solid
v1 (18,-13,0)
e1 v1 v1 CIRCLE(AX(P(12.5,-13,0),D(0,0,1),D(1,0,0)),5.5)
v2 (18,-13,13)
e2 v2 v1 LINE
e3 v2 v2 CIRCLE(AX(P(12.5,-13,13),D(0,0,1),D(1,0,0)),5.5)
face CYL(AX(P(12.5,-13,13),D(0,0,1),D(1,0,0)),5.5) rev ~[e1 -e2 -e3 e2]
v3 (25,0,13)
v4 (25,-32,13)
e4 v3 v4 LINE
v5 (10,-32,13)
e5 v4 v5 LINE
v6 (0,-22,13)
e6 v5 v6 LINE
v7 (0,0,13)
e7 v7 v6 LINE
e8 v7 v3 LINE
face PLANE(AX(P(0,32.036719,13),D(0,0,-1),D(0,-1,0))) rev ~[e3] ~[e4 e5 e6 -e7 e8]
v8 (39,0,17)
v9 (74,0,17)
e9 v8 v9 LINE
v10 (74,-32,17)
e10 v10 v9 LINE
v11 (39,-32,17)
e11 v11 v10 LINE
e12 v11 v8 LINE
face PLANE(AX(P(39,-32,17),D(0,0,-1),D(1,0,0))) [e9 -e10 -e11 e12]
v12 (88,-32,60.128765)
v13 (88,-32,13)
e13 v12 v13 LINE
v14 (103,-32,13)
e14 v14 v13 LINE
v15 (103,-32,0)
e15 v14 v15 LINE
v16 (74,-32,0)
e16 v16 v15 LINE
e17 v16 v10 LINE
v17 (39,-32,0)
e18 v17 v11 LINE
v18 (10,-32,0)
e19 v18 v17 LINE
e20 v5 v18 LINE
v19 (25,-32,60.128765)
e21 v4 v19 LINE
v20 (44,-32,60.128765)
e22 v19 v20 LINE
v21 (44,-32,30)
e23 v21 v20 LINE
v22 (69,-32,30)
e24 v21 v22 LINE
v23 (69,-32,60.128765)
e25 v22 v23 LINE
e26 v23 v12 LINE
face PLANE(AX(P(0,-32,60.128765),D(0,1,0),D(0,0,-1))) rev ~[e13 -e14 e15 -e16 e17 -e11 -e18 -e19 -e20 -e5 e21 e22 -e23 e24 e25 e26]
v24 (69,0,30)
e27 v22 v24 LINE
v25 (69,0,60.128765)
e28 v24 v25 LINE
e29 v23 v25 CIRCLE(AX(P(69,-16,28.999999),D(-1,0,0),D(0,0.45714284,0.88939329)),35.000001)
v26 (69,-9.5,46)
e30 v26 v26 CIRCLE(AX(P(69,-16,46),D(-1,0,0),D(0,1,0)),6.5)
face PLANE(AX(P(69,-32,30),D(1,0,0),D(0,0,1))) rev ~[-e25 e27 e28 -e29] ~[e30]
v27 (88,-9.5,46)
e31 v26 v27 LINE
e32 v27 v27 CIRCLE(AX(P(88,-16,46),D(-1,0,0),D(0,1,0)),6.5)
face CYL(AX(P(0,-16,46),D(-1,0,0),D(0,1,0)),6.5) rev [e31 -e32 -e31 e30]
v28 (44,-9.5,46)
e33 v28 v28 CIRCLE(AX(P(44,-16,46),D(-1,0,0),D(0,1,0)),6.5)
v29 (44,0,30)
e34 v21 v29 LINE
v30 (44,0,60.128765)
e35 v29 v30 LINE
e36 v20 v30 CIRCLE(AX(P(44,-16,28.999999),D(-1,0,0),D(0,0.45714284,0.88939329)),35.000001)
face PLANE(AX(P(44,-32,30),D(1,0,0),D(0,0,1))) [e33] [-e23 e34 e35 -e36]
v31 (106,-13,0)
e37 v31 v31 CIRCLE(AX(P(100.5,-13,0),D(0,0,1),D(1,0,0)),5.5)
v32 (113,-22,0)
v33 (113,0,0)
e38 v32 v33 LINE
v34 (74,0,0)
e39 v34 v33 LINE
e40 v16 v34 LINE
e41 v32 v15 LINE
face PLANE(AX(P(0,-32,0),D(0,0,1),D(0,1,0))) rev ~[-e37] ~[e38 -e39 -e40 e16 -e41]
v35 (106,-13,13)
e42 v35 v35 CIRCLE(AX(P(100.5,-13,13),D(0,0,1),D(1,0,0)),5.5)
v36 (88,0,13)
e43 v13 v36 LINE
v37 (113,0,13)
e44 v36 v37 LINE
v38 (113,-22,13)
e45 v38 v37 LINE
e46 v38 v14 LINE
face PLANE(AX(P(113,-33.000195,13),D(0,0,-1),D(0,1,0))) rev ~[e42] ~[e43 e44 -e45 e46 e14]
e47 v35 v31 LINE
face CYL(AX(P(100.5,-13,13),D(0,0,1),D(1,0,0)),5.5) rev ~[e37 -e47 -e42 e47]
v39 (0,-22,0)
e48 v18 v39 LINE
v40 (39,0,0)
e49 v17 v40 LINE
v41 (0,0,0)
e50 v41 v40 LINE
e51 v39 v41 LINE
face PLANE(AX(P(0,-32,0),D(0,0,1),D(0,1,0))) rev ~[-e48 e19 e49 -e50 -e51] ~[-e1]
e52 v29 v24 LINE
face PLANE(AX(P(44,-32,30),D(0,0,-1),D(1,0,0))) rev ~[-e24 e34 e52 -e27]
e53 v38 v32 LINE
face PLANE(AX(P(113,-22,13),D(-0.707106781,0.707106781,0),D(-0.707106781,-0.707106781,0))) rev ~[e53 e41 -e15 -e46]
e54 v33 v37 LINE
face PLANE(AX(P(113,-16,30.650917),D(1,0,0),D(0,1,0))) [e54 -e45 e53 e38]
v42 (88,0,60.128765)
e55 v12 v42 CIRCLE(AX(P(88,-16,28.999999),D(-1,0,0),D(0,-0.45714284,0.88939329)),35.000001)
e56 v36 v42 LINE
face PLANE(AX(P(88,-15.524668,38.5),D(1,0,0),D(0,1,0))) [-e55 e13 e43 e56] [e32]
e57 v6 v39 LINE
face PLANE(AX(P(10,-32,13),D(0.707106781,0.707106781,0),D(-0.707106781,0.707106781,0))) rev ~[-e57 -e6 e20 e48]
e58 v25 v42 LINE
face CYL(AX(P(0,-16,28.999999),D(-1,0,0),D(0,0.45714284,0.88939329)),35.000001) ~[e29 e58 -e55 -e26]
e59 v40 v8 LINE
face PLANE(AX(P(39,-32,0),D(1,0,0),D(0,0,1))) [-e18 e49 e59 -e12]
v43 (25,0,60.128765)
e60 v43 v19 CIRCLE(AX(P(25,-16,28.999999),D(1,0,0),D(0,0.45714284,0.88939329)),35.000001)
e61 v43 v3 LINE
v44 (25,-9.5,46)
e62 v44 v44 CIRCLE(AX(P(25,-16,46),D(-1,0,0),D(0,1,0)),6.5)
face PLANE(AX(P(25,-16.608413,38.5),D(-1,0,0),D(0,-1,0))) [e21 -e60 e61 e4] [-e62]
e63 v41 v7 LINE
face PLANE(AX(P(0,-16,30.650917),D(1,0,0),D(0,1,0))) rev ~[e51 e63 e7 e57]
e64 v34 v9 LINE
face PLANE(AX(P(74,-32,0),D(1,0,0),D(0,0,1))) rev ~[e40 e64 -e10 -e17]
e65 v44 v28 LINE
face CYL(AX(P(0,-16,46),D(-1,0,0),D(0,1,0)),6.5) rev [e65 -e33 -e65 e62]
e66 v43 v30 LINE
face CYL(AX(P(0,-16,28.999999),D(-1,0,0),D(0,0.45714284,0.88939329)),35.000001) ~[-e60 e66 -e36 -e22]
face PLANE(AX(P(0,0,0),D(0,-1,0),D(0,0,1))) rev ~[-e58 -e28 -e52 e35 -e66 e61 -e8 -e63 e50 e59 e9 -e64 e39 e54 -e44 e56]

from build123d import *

# Parameters (mm, degrees)
F0_R      = 6.5
F1_DEPTH  = 113
F2_W      = 34.951055
F2_H      = 51
F3_DEPTH  = 25
F4_W      = 97.290264
F4_H      = 51
F5_DEPTH  = 25
F7_R      = 5.5
F8_DEPTH  = 25
F6_W      = 35
F6_H      = 17
F6_W_2    = 25
F6_H_2    = 34.3365
F9_DEPTH  = 32.001
F11_DEPTH = 25
F13_DEPTH = 25


with BuildPart() as f1:
    # F0 (on Right) → F1 (new body)
    with BuildSketch(Plane.YZ):
        with BuildLine():
            ThreePointArc((0, 60.128765), (-16, 64), (-32, 60.128765))
            Line((-32, 60.128765), (-32, 0))
            Line((-32, 0), (0, 0))
            Line((0, 0), (0, 60.128765))
        make_face()
        with Locations((-16, 46)):
            Circle(F0_R, mode=Mode.SUBTRACT)
    extrude(amount=F1_DEPTH)

    # F2 (on face) → F3 (cut)
    with BuildSketch(Plane.YZ.offset(113)):
        with Locations((-15.524668, 38.5)):
            Rectangle(F2_W, F2_H)
    extrude(amount=-F3_DEPTH, mode=Mode.SUBTRACT)

    # F4 (on face) → F5 (cut)
    with BuildSketch(Plane(origin=(0, 0, 0), x_dir=(0, -1, 0), z_dir=(-1, 0, 0))):
        with Locations((16.608413, 38.5)):
            Rectangle(F4_W, F4_H)
    extrude(amount=-F5_DEPTH, mode=Mode.SUBTRACT)

    # F7 (on face) → F8 (cut)
    with BuildSketch(Plane.XY.offset(13)):
        with Locations((100.5, -13)):
            Circle(F7_R)
        with Locations((12.5, -13)):
            Circle(F7_R)
    extrude(amount=-F8_DEPTH, mode=Mode.SUBTRACT)

    # F6 (on face) → F9 (cut, through all)
    with BuildSketch(Plane.XZ.offset(32)):
        with Locations((56.5, 8.5)):
            Rectangle(F6_W, F6_H)
        with Locations((56.5, 47.16825)):
            Rectangle(F6_W_2, F6_H_2)
    extrude(amount=-F9_DEPTH, mode=Mode.SUBTRACT)

    # F10 (on face) → F11 (cut)
    with BuildSketch(Plane.XY.offset(13)):
        Polygon((0, -22), (0, -32), (10, -32), align=None)
    extrude(amount=-F11_DEPTH, mode=Mode.SUBTRACT)

    # F12 (on face) → F13 (cut)
    with BuildSketch(Plane.XY.offset(13)):
        Polygon((103, -32), (113, -32), (113, -22), align=None)
    extrude(amount=-F13_DEPTH, mode=Mode.SUBTRACT)


solid = f1.part
